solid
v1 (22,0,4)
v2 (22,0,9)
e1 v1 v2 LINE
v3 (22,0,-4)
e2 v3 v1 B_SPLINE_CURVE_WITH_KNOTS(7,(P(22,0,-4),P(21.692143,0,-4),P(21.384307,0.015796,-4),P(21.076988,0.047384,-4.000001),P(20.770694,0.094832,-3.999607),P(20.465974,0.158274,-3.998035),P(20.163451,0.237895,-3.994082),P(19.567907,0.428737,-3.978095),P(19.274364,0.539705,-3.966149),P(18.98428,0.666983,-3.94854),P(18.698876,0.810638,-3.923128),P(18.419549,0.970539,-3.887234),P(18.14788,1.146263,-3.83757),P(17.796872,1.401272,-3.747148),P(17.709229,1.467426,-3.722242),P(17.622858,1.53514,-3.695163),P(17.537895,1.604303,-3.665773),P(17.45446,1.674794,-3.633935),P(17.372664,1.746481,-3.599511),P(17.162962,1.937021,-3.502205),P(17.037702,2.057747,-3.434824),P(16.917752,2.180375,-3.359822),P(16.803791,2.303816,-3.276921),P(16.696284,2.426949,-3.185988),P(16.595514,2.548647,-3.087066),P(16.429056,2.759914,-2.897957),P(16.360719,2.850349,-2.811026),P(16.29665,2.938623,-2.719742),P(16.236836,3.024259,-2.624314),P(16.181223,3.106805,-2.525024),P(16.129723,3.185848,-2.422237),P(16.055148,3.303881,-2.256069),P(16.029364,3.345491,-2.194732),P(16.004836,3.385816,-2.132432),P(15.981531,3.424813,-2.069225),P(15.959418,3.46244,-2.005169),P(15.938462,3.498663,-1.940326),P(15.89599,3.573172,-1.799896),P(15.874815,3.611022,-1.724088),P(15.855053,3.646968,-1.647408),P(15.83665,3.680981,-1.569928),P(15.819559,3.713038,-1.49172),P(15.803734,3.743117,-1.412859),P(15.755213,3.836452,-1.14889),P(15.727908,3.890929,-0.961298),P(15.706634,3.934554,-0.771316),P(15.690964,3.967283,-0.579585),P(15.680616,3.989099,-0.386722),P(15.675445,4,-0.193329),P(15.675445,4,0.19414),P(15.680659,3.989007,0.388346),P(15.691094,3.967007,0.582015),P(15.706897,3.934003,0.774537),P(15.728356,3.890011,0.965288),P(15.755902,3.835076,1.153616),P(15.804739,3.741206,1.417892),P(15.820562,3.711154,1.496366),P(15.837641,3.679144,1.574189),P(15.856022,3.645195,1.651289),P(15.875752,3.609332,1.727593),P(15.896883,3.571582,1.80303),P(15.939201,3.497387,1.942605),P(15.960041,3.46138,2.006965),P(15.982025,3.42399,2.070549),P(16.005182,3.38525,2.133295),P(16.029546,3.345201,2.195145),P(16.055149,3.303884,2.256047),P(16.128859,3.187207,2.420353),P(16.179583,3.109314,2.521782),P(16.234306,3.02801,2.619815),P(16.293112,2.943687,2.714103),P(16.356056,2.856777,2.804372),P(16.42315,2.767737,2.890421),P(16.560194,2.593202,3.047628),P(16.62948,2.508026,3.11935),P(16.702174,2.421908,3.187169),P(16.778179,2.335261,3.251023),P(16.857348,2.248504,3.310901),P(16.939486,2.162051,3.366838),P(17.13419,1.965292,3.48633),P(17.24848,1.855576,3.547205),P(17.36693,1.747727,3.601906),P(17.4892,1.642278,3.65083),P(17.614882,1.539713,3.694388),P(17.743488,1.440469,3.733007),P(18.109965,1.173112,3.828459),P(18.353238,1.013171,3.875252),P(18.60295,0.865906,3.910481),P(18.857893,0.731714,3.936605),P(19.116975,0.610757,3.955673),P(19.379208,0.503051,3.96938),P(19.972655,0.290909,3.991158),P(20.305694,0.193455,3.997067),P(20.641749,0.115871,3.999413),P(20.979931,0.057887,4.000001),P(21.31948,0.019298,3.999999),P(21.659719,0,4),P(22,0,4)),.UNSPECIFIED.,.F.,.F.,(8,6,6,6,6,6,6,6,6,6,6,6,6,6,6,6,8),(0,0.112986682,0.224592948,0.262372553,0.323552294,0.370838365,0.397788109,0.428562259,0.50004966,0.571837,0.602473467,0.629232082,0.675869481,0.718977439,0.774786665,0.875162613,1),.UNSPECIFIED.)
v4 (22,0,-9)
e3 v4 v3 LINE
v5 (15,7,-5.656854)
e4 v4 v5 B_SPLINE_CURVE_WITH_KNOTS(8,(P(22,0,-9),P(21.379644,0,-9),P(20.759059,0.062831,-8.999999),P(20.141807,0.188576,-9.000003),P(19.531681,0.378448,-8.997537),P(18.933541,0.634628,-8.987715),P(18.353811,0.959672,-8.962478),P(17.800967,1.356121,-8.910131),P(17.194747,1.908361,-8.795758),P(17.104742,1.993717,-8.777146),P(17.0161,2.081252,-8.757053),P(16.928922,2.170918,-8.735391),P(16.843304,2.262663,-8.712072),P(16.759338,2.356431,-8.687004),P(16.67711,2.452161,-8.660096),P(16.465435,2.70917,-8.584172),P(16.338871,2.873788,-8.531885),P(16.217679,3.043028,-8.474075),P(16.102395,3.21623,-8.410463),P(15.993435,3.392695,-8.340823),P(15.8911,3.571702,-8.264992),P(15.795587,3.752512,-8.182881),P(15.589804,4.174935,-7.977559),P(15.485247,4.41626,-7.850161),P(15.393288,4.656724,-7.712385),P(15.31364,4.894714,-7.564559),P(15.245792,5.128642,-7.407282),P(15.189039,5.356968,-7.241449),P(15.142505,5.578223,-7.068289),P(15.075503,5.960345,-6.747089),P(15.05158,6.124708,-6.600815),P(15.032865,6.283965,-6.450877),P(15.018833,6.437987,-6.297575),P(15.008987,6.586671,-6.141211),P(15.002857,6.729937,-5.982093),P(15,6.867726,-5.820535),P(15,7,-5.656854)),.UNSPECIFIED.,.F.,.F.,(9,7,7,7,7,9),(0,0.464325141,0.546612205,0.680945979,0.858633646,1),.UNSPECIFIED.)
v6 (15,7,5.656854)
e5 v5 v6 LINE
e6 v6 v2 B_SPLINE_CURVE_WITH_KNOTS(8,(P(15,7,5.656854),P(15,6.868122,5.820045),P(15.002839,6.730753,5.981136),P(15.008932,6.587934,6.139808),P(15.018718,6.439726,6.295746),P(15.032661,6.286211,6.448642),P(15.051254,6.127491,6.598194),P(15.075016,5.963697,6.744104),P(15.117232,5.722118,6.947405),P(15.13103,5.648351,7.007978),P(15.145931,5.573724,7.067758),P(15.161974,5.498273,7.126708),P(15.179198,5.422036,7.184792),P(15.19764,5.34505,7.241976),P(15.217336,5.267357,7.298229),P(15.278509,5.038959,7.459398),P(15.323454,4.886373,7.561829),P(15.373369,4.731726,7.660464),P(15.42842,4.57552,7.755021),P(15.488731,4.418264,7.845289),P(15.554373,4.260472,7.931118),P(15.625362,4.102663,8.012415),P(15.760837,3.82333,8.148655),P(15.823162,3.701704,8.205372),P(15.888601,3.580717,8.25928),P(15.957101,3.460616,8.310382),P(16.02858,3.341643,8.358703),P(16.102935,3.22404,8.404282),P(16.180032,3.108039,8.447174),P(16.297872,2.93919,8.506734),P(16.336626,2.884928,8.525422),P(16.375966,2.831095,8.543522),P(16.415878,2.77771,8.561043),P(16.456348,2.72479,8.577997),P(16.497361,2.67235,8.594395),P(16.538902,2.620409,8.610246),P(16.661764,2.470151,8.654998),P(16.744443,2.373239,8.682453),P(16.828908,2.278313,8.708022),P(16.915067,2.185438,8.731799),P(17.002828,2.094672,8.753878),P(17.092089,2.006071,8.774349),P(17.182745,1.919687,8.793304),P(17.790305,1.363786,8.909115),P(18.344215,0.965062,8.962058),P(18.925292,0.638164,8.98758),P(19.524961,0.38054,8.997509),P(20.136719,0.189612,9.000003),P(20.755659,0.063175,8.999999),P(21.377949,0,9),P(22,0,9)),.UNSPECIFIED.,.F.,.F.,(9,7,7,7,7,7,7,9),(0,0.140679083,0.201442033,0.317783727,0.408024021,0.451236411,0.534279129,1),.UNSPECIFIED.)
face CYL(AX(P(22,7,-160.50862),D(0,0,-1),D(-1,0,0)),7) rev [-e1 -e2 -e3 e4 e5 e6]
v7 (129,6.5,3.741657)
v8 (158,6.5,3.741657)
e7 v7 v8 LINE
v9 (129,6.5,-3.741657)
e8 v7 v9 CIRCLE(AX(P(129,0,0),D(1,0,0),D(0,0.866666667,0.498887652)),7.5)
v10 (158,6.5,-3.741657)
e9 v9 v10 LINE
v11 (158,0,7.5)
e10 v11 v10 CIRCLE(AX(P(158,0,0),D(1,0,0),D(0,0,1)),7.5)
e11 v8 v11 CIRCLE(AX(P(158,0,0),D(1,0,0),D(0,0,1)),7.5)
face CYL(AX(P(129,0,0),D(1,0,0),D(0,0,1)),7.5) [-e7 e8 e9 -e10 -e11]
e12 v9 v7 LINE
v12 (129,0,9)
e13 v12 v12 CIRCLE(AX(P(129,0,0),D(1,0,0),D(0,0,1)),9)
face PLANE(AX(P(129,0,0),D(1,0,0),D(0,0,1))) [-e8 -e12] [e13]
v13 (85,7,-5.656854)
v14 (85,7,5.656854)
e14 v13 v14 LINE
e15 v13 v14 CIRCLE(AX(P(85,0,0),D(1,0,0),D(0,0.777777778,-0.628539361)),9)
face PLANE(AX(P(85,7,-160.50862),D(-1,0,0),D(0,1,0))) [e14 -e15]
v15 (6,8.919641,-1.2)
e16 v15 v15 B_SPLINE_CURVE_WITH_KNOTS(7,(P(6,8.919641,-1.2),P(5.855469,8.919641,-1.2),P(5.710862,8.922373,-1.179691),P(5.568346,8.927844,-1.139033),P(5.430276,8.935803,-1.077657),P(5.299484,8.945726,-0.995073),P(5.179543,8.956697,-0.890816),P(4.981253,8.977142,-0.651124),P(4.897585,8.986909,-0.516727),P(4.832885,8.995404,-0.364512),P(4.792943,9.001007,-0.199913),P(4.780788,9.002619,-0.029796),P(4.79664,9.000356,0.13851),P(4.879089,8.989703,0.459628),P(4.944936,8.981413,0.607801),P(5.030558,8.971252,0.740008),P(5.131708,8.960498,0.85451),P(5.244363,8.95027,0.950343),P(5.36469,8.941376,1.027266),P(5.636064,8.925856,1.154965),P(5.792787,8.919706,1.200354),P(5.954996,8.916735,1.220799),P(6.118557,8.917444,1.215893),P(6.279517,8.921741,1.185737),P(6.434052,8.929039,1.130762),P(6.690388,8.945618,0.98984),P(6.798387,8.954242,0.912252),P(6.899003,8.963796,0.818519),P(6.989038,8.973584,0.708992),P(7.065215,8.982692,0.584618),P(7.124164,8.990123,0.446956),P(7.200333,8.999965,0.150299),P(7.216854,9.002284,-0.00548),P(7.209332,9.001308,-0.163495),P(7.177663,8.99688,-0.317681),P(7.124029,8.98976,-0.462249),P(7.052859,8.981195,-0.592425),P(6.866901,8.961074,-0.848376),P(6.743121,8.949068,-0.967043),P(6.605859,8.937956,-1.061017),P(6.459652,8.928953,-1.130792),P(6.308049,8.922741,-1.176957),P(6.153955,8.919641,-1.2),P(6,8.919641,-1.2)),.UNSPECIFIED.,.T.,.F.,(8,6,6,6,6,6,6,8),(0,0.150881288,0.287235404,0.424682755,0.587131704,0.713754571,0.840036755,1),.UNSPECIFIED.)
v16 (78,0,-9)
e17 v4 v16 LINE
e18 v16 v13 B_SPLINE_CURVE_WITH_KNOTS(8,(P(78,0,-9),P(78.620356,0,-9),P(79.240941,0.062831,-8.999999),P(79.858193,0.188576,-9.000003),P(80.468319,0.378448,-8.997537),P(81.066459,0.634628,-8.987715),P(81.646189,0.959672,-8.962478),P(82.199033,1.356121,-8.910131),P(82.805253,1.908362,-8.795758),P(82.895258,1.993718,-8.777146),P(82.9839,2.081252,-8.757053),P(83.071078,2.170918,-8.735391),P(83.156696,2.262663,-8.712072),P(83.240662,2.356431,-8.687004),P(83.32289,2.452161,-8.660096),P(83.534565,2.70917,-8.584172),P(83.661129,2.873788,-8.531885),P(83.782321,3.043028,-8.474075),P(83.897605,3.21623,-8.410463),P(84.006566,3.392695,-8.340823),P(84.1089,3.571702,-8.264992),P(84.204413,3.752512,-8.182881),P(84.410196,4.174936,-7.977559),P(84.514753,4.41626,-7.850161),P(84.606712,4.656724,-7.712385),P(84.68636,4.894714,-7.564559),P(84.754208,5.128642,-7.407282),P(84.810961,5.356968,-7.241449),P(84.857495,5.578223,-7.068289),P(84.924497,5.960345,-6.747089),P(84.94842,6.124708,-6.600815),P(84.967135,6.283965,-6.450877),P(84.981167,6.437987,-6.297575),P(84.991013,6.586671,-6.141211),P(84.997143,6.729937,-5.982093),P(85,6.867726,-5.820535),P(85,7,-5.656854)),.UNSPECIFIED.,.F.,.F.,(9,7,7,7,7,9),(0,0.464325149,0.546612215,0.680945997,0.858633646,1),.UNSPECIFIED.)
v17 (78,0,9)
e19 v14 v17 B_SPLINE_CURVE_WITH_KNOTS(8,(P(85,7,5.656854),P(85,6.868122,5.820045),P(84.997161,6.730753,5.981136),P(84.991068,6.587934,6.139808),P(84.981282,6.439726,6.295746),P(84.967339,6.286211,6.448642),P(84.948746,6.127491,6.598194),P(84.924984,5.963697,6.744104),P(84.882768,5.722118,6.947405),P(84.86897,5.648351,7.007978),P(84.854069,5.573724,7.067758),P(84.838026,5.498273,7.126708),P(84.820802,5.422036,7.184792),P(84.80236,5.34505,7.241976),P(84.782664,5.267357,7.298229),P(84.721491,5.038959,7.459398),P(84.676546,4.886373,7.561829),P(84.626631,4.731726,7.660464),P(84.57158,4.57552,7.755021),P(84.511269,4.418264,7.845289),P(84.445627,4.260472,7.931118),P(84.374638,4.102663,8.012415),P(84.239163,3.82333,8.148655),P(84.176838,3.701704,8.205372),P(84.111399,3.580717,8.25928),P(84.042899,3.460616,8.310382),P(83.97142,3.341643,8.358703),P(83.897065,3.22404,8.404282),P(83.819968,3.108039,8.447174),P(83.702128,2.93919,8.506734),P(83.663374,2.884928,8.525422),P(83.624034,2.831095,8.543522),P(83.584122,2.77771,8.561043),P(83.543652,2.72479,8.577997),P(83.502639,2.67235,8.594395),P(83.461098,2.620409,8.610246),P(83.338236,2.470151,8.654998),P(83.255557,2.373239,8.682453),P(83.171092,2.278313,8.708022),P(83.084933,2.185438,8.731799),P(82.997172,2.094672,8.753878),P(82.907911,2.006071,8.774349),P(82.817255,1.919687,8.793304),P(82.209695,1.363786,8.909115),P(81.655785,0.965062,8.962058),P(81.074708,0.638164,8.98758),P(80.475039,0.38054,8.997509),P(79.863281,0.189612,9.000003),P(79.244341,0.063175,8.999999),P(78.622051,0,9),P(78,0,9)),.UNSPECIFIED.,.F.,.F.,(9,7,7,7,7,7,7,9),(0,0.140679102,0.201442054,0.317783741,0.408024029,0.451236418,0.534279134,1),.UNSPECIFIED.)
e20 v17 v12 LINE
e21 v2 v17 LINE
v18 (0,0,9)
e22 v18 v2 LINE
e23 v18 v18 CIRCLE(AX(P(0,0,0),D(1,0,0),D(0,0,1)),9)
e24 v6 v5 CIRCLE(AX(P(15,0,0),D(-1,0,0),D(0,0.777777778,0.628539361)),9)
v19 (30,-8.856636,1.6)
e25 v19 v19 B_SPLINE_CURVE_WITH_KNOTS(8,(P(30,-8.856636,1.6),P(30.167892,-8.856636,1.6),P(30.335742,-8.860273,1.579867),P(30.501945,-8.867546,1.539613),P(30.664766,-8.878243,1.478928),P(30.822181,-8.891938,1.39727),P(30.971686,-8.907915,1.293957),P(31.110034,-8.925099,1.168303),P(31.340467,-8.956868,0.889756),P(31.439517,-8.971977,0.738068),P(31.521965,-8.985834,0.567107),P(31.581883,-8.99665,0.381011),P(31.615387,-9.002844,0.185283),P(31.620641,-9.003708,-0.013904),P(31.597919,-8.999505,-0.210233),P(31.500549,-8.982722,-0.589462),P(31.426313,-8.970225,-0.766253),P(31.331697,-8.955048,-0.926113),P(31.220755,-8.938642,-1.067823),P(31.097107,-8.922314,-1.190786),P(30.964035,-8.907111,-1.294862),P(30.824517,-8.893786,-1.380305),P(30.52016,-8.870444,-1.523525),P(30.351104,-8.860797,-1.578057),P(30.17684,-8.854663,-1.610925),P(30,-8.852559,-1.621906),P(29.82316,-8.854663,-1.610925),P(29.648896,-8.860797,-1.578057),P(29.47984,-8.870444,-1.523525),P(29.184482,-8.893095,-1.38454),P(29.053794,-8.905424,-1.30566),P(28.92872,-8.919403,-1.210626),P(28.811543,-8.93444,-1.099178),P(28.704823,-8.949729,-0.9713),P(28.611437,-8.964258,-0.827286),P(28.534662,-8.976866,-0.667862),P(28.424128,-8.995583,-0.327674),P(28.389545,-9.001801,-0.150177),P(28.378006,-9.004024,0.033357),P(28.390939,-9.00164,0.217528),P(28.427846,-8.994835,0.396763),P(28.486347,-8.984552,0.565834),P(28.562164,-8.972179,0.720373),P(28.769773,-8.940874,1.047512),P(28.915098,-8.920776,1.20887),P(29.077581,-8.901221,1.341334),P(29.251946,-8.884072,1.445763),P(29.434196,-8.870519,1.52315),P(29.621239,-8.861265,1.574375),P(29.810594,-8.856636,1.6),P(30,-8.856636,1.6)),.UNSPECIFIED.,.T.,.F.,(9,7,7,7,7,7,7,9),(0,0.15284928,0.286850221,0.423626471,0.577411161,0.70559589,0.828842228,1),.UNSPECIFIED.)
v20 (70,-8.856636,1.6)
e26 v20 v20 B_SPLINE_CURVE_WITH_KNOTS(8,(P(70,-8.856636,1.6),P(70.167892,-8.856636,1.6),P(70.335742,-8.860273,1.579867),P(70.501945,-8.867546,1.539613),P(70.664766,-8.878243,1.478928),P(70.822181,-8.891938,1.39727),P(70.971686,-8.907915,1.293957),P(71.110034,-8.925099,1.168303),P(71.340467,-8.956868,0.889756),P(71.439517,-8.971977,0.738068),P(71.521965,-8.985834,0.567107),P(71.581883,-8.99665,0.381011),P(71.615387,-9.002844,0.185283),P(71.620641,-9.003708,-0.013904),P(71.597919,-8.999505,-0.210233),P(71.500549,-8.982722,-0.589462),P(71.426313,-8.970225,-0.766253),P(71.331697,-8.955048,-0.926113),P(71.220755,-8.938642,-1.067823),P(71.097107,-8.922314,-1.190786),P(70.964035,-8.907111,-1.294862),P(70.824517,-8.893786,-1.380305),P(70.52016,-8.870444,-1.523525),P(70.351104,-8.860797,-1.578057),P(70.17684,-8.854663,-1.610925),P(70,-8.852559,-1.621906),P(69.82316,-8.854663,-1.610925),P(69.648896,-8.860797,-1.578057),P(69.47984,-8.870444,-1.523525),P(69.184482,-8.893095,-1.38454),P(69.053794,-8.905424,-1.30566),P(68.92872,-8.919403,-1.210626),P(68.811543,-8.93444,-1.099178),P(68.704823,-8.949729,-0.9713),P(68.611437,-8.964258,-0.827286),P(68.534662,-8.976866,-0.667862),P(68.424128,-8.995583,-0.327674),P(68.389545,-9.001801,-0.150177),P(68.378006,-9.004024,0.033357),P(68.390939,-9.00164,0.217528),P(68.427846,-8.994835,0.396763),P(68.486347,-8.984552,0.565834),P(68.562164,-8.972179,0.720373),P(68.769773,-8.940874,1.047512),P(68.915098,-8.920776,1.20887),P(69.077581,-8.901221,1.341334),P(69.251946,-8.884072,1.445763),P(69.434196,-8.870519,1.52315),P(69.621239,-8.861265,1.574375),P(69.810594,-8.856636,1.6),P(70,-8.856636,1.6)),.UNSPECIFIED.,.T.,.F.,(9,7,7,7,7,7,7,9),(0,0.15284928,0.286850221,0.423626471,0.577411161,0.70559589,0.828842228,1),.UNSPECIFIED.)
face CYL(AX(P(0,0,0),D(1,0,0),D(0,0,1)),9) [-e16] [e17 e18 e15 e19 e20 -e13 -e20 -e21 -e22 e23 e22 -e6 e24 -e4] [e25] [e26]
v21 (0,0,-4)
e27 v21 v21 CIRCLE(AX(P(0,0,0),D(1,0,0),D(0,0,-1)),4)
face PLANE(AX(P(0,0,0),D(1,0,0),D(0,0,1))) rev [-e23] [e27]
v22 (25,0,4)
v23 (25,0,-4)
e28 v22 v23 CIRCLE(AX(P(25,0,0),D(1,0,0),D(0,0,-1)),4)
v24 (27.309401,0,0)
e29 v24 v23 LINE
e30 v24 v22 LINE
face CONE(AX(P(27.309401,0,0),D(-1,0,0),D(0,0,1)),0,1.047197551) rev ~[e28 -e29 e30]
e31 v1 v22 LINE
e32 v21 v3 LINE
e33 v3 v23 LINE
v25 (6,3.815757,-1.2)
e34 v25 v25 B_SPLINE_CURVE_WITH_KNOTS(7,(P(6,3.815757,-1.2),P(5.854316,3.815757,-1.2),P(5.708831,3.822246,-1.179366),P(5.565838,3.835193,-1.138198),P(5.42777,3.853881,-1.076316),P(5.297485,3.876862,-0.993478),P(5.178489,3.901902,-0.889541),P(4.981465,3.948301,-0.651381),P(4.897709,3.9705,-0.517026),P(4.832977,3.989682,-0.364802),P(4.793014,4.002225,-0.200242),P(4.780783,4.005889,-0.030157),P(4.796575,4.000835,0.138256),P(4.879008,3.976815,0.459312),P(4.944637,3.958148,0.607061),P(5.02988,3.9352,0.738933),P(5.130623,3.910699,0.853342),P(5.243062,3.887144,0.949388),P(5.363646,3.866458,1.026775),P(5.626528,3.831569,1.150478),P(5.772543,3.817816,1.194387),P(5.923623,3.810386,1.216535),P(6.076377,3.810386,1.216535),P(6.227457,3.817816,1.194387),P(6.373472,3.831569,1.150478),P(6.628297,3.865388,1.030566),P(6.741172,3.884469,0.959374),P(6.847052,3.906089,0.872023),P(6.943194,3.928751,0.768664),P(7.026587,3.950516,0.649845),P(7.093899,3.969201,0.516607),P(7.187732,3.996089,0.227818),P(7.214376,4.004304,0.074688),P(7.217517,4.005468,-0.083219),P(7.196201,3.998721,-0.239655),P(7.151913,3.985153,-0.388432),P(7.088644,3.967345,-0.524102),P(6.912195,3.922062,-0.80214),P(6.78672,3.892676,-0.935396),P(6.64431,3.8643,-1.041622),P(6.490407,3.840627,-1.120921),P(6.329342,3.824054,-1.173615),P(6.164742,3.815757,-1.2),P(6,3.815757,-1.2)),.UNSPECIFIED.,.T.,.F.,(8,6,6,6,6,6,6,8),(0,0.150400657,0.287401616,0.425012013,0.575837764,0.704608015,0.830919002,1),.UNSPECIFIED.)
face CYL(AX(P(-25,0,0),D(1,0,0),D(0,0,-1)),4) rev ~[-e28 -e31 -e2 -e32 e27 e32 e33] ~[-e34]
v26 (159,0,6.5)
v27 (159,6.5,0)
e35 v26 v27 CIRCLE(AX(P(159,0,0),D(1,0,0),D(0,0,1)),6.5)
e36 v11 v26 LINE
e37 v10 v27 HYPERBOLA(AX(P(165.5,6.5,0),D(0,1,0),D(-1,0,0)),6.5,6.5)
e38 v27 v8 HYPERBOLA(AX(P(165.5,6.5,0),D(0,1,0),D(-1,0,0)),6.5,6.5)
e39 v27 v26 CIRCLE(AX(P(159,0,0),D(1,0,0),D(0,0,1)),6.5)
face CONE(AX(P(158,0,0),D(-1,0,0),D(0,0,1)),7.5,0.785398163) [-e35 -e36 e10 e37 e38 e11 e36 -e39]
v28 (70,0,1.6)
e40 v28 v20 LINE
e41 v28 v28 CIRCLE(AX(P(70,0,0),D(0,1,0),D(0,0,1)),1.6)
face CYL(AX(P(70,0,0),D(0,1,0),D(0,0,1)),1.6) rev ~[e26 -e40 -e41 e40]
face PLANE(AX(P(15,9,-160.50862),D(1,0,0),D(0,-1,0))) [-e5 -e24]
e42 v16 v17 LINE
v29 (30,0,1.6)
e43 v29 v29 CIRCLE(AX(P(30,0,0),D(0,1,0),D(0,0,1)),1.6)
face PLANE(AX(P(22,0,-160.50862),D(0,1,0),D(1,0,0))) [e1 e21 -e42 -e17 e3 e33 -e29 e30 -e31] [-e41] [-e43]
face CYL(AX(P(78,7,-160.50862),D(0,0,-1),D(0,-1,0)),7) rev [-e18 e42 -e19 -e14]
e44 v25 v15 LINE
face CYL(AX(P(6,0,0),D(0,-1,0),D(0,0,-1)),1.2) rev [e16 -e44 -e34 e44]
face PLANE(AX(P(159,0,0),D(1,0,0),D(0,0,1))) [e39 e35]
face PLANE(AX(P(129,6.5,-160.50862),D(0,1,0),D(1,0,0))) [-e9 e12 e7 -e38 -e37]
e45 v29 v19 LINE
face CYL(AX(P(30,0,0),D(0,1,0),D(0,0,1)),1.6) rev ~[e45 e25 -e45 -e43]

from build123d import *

# Parameters (mm, degrees)
CHANFREIN1_SIZE              = 1
ENL_V_MAT_EXTRU_1_DEPTH      = 160.508620457
ENL_V_MAT_EXTRU_1_DEPTH_BACK = 160.508620457
ESQUISSE3_W                  = 30
ESQUISSE3_H                  = 1
PER_AGE1_D                   = 8
PER_AGE1_DEPTH               = 25
PER_AGE1_TIP                 = 2.309401077
ESQUISSE6_R                  = 1.6
ENL_V_MAT_EXTRU_2_DEPTH      = 160.508620468
R_P_TITION_LIN_AIRE1_COUNT   = 2
R_P_TITION_LIN_AIRE1_PITCH   = 40
ESQUISSE7_R                  = 1.2
ENL_V_MAT_EXTRU_3_DEPTH      = 160.50862047


with BuildPart() as part:
    # Esquisse1 → Base-Révolution (revolve)
    with BuildSketch(Plane.XY, mode=Mode.PRIVATE) as base_r_volution_sk:
        Polygon((0, 0), (0, 9), (129, 9), (129, 7.5), (159, 7.5), (159, 0), align=None)
    revolve(base_r_volution_sk.sketch.rotate(Axis((0, 0, 0), (1, 0, 0)), 90), axis=Axis((0, 0, 0), (1, 0, 0)))

    # Chanfrein1
    chanfrein1_edges = [part.edges().sort_by_distance(p)[0] for p in [
        (159, 0, -7.5),
    ]]
    chamfer(chanfrein1_edges, length=CHANFREIN1_SIZE)

    # Esquisse3 → Enlèv. mat.-Extru.1 (cut, two sides: drawn at the far end of the back side and taken through both)
    with BuildSketch(Plane.XY.offset(-ENL_V_MAT_EXTRU_1_DEPTH_BACK)):
        with Locations((144, 7)):
            Rectangle(ESQUISSE3_W, ESQUISSE3_H)
        with BuildLine():
            Line((85, 9), (15, 9))
            Line((15, 9), (15, 7))
            ThreePointArc((15, 7), (17.050252532, 2.050252532), (22, 0))
            Line((22, 0), (78, 0))
            ThreePointArc((78, 0), (82.949747468, 2.050252532), (85, 7))
            Line((85, 7), (85, 9))
        make_face()
    extrude(amount=ENL_V_MAT_EXTRU_1_DEPTH + ENL_V_MAT_EXTRU_1_DEPTH_BACK, mode=Mode.SUBTRACT)

    # Perçage1
    with Locations(Plane.ZY):
        with Locations((0, 0)):
            Hole(PER_AGE1_D / 2, depth=PER_AGE1_DEPTH)
            with Locations((0, 0, -(PER_AGE1_DEPTH + PER_AGE1_TIP / 2))):  # 120° drill point
                Cone(0, PER_AGE1_D / 2, PER_AGE1_TIP, mode=Mode.SUBTRACT)

    # Esquisse6 → Enlèv. mat.-Extru.2 (cut, through all)
    with BuildSketch(Plane(origin=(0, 0, 0), x_dir=(-1, 0, 0), z_dir=(0, 1, 0))):
        with Locations(Location((-30, 0, 0), (0, 0, 90))):
            Circle(ESQUISSE6_R)
    enl_v_mat_extru_2 = extrude(amount=-ENL_V_MAT_EXTRU_2_DEPTH, mode=Mode.SUBTRACT)

    # Répétition linéaire1: Enlèv. mat.-Extru.2 ×2
    with Locations(*[(i * R_P_TITION_LIN_AIRE1_PITCH, 0, 0) for i in range(1, R_P_TITION_LIN_AIRE1_COUNT)]):
        add(enl_v_mat_extru_2, mode=Mode.SUBTRACT)

    # Esquisse7 → Enlèv. mat.-Extru.3 (cut, through all)
    with BuildSketch(Plane(origin=(0, 0, 0), x_dir=(-1, 0, 0), z_dir=(0, 1, 0))):
        with Locations(Location((-6, 0, 0), (0, 0, 270))):
            Circle(ESQUISSE7_R)
    extrude(amount=ENL_V_MAT_EXTRU_3_DEPTH, mode=Mode.SUBTRACT)


solid = part.part
